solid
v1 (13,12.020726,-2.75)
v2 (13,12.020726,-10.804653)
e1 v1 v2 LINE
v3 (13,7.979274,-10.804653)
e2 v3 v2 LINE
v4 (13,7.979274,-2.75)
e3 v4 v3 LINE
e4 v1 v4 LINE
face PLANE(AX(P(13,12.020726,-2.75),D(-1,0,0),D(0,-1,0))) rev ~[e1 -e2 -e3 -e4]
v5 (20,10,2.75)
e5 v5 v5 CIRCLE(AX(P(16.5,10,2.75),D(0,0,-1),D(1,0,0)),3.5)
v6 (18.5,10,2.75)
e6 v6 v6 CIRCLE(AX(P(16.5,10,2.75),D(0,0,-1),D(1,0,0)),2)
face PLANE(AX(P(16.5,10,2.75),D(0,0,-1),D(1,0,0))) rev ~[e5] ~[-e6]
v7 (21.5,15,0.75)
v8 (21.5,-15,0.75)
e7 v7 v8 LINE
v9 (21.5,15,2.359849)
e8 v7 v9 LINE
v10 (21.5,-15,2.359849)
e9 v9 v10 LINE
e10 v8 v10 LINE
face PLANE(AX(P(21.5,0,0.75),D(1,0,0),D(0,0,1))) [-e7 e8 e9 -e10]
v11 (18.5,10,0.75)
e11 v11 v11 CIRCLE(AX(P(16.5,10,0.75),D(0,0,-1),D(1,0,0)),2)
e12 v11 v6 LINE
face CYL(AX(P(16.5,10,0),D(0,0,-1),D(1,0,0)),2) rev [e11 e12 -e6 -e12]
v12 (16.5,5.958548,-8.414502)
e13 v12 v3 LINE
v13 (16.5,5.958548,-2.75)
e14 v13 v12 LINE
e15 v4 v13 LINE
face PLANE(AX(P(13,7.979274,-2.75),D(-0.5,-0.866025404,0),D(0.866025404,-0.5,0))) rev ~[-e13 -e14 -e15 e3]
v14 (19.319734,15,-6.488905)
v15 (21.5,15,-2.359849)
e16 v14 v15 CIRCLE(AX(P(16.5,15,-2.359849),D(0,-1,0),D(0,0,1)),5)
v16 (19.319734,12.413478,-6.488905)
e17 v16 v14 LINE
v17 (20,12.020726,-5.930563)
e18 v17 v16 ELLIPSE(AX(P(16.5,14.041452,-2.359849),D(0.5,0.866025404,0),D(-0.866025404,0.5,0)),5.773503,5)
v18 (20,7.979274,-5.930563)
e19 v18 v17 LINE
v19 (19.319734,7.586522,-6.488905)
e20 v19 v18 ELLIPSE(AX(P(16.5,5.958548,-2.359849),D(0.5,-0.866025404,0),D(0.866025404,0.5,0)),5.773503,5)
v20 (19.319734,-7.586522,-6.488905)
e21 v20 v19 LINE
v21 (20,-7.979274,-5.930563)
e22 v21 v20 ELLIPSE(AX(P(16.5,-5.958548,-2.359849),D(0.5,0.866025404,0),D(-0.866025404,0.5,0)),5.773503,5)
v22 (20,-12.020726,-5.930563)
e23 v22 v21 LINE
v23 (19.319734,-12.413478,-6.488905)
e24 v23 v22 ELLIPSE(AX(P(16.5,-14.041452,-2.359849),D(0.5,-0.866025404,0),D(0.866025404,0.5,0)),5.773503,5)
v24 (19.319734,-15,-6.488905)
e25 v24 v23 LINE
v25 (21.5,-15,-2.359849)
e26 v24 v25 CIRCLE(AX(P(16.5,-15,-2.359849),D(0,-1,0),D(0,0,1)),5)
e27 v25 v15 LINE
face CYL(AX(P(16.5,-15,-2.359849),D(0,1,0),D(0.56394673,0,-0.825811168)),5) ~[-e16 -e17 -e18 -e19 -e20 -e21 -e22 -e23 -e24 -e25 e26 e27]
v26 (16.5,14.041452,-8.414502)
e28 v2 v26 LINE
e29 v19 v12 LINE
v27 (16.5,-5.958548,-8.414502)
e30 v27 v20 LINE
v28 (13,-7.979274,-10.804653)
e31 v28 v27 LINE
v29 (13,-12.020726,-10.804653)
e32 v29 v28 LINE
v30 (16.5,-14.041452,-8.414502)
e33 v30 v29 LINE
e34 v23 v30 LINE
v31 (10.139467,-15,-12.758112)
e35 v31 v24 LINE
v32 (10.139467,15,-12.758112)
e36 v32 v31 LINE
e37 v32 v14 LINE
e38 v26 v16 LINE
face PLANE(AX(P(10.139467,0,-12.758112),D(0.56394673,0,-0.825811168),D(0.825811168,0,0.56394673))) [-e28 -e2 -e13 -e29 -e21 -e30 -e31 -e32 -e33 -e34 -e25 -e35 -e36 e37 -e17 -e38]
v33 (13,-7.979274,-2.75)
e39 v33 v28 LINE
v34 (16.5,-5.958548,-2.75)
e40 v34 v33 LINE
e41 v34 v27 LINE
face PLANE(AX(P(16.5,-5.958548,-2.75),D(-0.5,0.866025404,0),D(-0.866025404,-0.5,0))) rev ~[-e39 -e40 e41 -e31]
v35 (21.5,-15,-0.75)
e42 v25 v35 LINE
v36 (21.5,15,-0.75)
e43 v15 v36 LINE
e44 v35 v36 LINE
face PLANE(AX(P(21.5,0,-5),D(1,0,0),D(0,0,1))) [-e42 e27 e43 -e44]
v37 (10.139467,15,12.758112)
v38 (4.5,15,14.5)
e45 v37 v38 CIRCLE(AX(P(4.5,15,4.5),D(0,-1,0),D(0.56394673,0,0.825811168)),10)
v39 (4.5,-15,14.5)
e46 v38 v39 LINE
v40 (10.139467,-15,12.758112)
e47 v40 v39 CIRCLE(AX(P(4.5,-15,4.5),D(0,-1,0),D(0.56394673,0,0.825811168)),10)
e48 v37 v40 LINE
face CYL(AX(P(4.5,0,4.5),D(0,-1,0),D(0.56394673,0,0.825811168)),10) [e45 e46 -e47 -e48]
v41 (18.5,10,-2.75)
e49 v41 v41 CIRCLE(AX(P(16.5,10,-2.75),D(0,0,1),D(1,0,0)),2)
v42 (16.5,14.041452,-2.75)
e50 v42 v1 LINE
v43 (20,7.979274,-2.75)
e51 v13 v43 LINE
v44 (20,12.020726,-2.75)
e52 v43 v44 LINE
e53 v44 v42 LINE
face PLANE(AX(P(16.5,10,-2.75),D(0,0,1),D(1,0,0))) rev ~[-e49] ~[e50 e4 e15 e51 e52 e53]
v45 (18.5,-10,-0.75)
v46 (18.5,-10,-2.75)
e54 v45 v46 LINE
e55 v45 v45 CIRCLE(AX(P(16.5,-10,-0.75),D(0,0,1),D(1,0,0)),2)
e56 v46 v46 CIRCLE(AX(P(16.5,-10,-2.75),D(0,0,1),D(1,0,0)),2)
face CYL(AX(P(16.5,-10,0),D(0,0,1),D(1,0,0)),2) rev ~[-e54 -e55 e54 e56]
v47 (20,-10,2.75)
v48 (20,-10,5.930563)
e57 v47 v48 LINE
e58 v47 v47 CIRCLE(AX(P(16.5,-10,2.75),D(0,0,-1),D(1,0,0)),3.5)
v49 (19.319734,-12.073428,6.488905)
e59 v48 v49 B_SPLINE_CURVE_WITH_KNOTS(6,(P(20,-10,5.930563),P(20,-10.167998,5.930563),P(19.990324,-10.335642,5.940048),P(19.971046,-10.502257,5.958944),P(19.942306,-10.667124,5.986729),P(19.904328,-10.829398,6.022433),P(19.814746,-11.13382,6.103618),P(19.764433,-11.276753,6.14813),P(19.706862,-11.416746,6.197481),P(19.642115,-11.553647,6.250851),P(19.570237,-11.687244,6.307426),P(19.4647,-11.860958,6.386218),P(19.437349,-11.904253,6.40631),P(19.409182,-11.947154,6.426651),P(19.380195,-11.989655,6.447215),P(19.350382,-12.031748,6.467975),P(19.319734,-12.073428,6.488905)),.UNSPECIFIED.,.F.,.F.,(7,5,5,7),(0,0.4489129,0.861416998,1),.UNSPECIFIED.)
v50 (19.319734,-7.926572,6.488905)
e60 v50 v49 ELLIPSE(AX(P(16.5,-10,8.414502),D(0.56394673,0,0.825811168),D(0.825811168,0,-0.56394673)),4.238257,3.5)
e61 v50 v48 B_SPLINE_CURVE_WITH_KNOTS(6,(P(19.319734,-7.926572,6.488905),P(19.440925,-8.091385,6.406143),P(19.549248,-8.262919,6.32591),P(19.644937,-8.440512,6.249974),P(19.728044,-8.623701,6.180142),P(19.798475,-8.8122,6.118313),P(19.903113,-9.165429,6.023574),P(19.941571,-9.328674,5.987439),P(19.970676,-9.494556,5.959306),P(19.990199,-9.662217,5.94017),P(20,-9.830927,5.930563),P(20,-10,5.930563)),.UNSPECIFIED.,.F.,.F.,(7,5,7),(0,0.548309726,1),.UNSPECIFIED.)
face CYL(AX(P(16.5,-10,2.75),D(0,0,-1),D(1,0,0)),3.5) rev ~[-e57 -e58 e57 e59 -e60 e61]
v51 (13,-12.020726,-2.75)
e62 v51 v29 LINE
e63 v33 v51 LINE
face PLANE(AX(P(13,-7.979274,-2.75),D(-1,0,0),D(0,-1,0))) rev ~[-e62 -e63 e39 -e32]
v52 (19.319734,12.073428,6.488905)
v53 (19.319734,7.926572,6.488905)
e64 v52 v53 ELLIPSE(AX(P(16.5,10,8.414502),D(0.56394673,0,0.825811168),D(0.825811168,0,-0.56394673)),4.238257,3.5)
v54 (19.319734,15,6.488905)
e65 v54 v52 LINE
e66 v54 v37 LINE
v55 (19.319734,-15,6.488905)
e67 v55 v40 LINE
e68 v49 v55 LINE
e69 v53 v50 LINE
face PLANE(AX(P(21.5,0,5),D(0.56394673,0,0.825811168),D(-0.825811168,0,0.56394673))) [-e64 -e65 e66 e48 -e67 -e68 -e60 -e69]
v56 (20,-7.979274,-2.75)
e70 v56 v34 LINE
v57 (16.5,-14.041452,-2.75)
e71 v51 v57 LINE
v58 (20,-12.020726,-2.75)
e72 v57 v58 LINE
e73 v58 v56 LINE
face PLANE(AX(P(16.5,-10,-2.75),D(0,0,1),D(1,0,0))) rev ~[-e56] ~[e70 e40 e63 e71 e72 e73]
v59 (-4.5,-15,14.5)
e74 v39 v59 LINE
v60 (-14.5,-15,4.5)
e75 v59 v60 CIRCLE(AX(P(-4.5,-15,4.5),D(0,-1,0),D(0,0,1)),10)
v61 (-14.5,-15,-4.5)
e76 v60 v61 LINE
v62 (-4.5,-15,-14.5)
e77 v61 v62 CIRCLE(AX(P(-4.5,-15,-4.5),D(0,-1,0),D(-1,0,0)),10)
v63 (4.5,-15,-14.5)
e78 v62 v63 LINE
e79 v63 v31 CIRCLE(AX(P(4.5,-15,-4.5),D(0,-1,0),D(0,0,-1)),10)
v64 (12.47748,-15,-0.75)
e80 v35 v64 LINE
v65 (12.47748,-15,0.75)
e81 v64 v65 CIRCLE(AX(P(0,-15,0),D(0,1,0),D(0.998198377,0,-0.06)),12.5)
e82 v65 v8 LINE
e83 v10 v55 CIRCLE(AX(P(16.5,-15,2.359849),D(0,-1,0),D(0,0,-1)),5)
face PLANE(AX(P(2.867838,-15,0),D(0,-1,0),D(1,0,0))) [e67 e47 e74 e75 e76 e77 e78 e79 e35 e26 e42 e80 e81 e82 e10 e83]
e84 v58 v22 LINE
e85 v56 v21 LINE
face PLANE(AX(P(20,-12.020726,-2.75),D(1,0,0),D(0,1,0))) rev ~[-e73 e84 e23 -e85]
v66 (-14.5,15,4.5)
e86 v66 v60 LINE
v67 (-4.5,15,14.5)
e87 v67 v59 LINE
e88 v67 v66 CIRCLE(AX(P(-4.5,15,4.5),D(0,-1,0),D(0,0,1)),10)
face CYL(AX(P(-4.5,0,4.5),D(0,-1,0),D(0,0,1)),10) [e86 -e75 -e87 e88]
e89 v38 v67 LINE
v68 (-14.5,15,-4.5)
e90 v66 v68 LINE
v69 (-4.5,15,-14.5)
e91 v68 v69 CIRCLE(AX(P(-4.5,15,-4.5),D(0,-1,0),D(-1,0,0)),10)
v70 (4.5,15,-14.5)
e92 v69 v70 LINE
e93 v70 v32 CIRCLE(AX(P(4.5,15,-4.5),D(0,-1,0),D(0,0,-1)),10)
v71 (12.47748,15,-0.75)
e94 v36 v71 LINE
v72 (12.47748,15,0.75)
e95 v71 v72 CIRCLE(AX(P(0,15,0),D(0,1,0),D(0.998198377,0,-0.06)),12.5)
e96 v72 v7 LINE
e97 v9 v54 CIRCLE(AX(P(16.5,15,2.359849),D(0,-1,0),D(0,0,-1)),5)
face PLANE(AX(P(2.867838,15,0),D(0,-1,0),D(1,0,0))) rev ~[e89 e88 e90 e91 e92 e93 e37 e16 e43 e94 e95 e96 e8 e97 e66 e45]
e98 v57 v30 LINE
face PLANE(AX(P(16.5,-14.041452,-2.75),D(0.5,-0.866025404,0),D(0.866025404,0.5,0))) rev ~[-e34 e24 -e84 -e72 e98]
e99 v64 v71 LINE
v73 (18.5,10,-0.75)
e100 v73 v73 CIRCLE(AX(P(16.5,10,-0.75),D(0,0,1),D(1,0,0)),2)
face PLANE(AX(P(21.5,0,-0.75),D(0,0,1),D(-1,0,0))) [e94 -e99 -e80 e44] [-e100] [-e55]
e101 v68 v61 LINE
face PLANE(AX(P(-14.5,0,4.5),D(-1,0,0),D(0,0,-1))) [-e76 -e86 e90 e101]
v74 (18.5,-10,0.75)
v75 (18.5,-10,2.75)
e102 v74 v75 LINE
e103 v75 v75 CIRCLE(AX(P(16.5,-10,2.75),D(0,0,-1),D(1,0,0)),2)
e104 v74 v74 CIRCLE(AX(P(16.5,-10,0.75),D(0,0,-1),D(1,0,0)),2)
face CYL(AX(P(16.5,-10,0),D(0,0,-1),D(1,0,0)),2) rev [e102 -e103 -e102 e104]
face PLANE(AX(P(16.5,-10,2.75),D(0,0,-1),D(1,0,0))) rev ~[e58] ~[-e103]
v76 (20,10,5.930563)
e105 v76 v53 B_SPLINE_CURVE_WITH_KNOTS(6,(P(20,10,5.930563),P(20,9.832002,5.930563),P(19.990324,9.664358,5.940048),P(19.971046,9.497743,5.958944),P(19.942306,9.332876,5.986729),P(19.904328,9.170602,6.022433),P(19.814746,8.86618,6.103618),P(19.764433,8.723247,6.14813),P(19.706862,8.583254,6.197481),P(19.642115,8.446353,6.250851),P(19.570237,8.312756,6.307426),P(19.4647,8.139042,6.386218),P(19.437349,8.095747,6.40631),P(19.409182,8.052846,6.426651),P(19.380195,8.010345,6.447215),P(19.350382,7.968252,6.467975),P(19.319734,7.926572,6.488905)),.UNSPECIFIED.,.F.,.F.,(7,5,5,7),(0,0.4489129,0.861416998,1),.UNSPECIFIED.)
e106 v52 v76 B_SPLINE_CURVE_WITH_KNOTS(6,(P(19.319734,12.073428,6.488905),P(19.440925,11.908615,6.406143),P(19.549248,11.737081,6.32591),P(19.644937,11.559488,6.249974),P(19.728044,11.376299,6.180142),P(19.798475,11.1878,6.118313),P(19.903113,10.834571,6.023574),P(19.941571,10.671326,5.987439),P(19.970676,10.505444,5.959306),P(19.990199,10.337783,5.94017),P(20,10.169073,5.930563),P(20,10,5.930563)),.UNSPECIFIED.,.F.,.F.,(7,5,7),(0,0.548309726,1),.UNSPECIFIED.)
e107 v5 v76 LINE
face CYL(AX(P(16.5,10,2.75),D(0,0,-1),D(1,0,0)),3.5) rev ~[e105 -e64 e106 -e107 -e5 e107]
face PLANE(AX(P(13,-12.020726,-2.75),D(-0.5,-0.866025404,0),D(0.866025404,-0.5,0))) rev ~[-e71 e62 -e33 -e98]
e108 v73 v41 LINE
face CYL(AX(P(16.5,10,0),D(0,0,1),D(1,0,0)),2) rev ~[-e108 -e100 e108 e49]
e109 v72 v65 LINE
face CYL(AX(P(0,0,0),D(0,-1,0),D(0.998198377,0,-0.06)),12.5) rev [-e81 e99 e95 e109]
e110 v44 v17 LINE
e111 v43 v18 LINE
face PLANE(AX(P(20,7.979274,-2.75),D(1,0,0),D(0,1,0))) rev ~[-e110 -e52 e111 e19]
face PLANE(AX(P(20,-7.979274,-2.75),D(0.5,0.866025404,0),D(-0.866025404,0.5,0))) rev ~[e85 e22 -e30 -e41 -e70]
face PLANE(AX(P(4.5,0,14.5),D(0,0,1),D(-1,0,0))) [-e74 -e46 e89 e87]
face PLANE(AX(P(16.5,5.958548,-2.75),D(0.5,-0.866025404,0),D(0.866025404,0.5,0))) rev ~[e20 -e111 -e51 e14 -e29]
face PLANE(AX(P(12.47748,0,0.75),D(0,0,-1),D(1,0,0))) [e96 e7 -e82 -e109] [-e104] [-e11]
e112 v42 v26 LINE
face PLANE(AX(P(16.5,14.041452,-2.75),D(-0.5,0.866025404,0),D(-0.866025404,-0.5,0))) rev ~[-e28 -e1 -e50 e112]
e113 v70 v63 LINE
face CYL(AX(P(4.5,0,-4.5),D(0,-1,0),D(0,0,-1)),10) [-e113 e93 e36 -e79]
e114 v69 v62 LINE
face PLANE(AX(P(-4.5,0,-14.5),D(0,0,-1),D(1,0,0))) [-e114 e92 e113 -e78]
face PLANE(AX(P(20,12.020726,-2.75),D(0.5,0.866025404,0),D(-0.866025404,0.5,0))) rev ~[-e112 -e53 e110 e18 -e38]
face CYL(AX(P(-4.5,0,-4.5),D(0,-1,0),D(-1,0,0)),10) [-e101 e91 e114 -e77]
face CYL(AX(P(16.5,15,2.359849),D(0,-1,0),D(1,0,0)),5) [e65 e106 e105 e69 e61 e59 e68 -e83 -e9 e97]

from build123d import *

# Parameters (mm, degrees)
F1_DEPTH      = 15
F2_R          = 2
F3_DEPTH      = 14.501
F3_DEPTH_BACK = 14.501
F5_R          = 5
F6_R          = 3.5
F7_DEPTH      = 11.751
F10_DEPTH     = 11.751


with BuildPart() as f1:
    # F0 (on Front) → F1 (new body, symmetric)
    with BuildSketch(Plane.XZ):
        with BuildLine():
            ThreePointArc((12.4774797135, -0.75), (-12.5, 0), (12.4774797135, 0.75))
            Line((12.4774797135, 0.75), (21.5, 0.75))
            Line((21.5, 0.75), (21.5, 5))
            Line((21.5, 5), (10.1394673035, 12.7581116808))
            ThreePointArc((10.1394673035, 12.7581116808), (7.4511763072, 14.0546092753), (4.5, 14.5))
            Line((4.5, 14.5), (-4.5, 14.5))
            ThreePointArc((-4.5, 14.5), (-11.5710678119, 11.5710678119), (-14.5, 4.5))
            Line((-14.5, 4.5), (-14.5, -4.5))
            ThreePointArc((-14.5, -4.5), (-11.5710678119, -11.5710678119), (-4.5, -14.5))
            Line((-4.5, -14.5), (4.5, -14.5))
            ThreePointArc((4.5, -14.5), (7.4511763072, -14.0546092753), (10.1394673035, -12.7581116808))
            Line((10.1394673035, -12.7581116808), (21.5, -5))
            Line((21.5, -5), (21.5, -0.75))
            Line((21.5, -0.75), (12.4774797135, -0.75))
        make_face()
    extrude(amount=F1_DEPTH, both=True)

    # F2 (on Top) → F3 (cut, two sides)
    with BuildSketch(Plane.XY) as f3_sk:
        with Locations((16.5, 10)):
            Circle(F2_R)
        with Locations((16.5, -10)):
            Circle(F2_R)
    extrude(amount=-F3_DEPTH, mode=Mode.SUBTRACT)
    extrude(f3_sk.sketch, amount=F3_DEPTH_BACK, mode=Mode.SUBTRACT)

    # F5
    f5_edges = [f1.edges().sort_by_distance(p)[0] for p in [
        (21.5, 0, 5),
        (21.5, 0, -5),
    ]]
    fillet(f5_edges, radius=F5_R)

    # F6 (on offset) → F7 (cut, through all)
    with BuildSketch(Plane(origin=(0, 0, 2.75), x_dir=(1, 0, 0), z_dir=(0, 0, -1))):
        with Locations((16.5, 10)):
            Circle(F6_R)
        with Locations((16.5, -10)):
            Circle(F6_R)
    extrude(amount=-F7_DEPTH, mode=Mode.SUBTRACT)

    # F9 (on offset) → F10 (cut, through all)
    with BuildSketch(Plane.XY.offset(-2.75)):
        Polygon((20, 7.9792740578), (20, 12.0207259422), (16.5, 14.0414518843), (13, 12.0207259422), (13, 7.9792740578), (16.5, 5.9585481157), align=None)
        Polygon((20, -12.0207259422), (20, -7.9792740578), (16.5, -5.9585481157), (13, -7.9792740578), (13, -12.0207259422), (16.5, -14.0414518843), align=None)
    extrude(amount=-F10_DEPTH, mode=Mode.SUBTRACT)


solid = f1.part
